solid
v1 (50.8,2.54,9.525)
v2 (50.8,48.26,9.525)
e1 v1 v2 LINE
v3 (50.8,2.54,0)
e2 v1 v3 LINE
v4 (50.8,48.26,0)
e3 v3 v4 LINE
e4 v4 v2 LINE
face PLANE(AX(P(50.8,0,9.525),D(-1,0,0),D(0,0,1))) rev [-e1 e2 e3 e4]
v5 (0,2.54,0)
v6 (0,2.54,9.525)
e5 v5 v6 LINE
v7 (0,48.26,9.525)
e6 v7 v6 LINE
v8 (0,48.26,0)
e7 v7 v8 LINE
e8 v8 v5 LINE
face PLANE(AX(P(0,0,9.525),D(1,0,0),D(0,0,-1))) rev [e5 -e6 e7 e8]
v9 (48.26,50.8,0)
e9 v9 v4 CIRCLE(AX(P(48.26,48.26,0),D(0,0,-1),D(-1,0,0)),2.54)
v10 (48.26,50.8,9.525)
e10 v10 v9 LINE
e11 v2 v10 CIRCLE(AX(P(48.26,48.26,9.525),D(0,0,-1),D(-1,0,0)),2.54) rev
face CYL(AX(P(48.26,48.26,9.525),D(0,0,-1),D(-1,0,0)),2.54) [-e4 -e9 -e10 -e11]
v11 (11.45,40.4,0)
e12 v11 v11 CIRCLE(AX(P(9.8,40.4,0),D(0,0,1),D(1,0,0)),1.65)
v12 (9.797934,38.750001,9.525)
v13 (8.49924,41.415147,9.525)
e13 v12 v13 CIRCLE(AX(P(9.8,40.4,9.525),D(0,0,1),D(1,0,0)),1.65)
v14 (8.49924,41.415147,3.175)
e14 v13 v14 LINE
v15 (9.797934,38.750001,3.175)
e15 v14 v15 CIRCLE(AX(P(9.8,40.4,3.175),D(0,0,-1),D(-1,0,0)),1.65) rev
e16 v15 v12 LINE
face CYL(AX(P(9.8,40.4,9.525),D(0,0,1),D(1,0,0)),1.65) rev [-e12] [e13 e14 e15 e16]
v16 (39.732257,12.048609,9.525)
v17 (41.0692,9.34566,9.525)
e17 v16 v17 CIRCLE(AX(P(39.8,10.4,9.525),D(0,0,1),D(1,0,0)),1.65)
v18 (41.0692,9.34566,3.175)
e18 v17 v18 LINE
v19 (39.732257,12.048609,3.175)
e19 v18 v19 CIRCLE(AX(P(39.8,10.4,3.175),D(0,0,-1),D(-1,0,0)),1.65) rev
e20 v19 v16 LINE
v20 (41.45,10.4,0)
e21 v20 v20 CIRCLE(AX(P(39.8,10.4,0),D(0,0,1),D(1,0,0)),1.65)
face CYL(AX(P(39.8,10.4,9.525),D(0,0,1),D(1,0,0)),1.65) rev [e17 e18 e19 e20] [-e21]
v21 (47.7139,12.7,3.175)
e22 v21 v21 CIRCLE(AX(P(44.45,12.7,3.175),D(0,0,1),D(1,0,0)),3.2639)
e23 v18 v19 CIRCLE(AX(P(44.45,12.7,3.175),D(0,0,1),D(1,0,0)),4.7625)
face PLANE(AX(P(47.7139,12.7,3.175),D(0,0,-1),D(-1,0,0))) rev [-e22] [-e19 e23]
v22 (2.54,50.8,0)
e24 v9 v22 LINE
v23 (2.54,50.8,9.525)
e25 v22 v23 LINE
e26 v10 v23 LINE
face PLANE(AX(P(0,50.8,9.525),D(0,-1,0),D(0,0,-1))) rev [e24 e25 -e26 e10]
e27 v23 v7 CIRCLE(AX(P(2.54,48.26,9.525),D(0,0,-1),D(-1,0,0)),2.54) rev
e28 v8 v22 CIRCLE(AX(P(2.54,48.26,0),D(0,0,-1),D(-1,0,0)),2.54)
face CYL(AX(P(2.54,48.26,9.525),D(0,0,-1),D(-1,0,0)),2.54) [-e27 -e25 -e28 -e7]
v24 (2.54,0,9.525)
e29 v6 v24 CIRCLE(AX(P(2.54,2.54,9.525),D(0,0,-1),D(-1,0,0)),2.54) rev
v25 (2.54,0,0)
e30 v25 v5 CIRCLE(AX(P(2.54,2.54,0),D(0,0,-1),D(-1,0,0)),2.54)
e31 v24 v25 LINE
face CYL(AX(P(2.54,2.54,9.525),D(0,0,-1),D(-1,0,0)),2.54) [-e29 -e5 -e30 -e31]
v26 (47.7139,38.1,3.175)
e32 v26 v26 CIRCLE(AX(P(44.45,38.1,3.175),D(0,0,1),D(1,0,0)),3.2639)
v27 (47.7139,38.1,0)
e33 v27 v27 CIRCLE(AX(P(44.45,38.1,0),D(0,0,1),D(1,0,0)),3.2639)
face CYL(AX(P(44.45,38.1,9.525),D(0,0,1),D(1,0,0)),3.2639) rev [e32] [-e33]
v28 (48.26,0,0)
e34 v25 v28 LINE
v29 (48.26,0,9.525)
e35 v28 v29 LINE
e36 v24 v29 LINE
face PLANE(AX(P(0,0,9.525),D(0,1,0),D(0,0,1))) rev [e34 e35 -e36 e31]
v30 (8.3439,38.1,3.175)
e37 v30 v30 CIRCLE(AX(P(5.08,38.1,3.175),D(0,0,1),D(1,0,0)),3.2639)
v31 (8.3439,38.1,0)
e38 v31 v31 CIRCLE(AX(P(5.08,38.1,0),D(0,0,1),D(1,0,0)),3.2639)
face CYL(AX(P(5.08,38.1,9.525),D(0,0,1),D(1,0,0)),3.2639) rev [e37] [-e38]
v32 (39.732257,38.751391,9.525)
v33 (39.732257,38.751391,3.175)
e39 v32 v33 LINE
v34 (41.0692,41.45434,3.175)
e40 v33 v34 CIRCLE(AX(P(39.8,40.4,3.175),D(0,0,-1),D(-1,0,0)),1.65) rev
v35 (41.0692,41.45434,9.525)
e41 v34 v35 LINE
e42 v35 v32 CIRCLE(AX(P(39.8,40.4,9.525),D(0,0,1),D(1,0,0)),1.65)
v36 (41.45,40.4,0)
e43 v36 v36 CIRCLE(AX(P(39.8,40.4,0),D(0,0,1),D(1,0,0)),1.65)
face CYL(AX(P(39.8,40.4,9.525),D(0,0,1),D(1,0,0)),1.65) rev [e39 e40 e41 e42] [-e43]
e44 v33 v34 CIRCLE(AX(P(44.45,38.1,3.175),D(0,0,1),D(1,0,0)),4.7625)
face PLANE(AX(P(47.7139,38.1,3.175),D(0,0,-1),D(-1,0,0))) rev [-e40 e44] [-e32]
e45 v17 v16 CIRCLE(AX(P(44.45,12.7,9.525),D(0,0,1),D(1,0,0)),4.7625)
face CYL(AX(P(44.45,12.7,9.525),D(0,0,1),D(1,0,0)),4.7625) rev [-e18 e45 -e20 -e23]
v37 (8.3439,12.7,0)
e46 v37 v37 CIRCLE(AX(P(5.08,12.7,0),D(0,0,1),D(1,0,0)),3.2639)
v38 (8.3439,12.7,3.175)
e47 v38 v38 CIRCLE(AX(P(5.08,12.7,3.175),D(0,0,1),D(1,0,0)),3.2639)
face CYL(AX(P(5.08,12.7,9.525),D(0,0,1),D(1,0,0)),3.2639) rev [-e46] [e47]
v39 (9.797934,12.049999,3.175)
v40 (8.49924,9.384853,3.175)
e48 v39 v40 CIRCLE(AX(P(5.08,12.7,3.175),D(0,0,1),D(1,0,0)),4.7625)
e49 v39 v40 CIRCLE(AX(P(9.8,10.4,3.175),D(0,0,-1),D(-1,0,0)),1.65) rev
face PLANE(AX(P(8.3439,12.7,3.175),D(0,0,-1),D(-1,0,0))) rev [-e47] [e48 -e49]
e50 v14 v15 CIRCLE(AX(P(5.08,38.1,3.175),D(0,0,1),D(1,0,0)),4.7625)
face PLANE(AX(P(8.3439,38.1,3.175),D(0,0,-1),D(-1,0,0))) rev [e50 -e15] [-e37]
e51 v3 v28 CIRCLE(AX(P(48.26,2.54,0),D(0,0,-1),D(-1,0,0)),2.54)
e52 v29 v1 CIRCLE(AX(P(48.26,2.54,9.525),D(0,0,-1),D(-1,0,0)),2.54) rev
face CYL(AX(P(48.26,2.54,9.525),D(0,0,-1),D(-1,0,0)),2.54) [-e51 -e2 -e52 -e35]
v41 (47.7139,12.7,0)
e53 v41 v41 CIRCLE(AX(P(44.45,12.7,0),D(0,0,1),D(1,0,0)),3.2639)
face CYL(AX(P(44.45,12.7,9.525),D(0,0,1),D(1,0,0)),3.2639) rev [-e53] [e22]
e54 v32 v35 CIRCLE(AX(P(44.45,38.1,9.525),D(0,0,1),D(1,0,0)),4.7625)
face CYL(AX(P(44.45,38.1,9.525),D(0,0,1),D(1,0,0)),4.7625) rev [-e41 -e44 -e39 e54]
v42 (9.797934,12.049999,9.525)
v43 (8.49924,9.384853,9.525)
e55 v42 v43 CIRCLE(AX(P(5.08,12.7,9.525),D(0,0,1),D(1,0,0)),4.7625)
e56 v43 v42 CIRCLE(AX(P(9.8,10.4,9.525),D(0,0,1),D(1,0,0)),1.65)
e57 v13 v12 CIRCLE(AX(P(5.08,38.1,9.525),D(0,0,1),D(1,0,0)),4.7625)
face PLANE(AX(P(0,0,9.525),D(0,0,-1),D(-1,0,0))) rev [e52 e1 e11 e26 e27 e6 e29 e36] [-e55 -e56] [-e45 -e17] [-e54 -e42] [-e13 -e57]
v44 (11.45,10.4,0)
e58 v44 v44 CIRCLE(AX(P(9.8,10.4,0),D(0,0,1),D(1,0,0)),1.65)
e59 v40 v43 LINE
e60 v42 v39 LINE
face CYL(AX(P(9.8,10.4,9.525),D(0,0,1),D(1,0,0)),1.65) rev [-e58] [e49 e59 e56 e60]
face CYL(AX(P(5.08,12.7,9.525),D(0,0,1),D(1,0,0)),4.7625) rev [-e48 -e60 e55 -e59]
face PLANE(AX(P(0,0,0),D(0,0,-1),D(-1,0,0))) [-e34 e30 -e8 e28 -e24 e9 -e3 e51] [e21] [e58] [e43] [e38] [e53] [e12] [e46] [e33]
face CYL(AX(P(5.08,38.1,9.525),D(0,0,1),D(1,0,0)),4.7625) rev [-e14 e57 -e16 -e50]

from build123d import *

# Parameters (mm, degrees)
SKETCH1_W                                        = 50.8
SKETCH1_H                                        = 50.8
BOSS_EXTRUDE1_DEPTH                              = 9.525
TAP_DRILL_FOR_M4X0_7_TAP1_D                      = 3.3
CBORE_FOR_1_4_SOCKET_HEAD_CAP_SCREW1_D           = 6.5278
CBORE_FOR_1_4_SOCKET_HEAD_CAP_SCREW1_CBORE_D     = 9.525
CBORE_FOR_1_4_SOCKET_HEAD_CAP_SCREW1_CBORE_DEPTH = 6.35
FILLET1_R                                        = 2.54


with BuildPart() as part:
    # Sketch1 → Boss-Extrude1 (new body)
    with BuildSketch(Plane.XY):
        with Locations((25.4, 25.4)):
            Rectangle(SKETCH1_W, SKETCH1_H)
    extrude(amount=BOSS_EXTRUDE1_DEPTH)

    # Tap Drill for M4x0.7 Tap1 (through all)
    with Locations(Plane.XY.offset(9.525)):
        with Locations((39.8, 10.4), (39.8, 40.4), (9.8, 40.4), (9.8, 10.4)):
            Hole(TAP_DRILL_FOR_M4X0_7_TAP1_D / 2)

    # CBORE for 1/4 Socket Head Cap Screw1 (through all)
    with Locations(Plane.XY.offset(9.525)):
        with Locations((44.45, 12.7), (44.45, 38.1), (5.08, 12.7), (5.08, 38.1)):
            CounterBoreHole(CBORE_FOR_1_4_SOCKET_HEAD_CAP_SCREW1_D / 2, CBORE_FOR_1_4_SOCKET_HEAD_CAP_SCREW1_CBORE_D / 2, CBORE_FOR_1_4_SOCKET_HEAD_CAP_SCREW1_CBORE_DEPTH)

    # Fillet1
    fillet1_edges = [part.edges().sort_by_distance(p)[0] for p in [
        (0, 50.8, 4.7625),
        (50.8, 50.8, 4.7625),
        (50.8, 0, 4.7625),
        (0, 0, 4.7625),
    ]]
    fillet(fillet1_edges, radius=FILLET1_R)


solid = part.part
